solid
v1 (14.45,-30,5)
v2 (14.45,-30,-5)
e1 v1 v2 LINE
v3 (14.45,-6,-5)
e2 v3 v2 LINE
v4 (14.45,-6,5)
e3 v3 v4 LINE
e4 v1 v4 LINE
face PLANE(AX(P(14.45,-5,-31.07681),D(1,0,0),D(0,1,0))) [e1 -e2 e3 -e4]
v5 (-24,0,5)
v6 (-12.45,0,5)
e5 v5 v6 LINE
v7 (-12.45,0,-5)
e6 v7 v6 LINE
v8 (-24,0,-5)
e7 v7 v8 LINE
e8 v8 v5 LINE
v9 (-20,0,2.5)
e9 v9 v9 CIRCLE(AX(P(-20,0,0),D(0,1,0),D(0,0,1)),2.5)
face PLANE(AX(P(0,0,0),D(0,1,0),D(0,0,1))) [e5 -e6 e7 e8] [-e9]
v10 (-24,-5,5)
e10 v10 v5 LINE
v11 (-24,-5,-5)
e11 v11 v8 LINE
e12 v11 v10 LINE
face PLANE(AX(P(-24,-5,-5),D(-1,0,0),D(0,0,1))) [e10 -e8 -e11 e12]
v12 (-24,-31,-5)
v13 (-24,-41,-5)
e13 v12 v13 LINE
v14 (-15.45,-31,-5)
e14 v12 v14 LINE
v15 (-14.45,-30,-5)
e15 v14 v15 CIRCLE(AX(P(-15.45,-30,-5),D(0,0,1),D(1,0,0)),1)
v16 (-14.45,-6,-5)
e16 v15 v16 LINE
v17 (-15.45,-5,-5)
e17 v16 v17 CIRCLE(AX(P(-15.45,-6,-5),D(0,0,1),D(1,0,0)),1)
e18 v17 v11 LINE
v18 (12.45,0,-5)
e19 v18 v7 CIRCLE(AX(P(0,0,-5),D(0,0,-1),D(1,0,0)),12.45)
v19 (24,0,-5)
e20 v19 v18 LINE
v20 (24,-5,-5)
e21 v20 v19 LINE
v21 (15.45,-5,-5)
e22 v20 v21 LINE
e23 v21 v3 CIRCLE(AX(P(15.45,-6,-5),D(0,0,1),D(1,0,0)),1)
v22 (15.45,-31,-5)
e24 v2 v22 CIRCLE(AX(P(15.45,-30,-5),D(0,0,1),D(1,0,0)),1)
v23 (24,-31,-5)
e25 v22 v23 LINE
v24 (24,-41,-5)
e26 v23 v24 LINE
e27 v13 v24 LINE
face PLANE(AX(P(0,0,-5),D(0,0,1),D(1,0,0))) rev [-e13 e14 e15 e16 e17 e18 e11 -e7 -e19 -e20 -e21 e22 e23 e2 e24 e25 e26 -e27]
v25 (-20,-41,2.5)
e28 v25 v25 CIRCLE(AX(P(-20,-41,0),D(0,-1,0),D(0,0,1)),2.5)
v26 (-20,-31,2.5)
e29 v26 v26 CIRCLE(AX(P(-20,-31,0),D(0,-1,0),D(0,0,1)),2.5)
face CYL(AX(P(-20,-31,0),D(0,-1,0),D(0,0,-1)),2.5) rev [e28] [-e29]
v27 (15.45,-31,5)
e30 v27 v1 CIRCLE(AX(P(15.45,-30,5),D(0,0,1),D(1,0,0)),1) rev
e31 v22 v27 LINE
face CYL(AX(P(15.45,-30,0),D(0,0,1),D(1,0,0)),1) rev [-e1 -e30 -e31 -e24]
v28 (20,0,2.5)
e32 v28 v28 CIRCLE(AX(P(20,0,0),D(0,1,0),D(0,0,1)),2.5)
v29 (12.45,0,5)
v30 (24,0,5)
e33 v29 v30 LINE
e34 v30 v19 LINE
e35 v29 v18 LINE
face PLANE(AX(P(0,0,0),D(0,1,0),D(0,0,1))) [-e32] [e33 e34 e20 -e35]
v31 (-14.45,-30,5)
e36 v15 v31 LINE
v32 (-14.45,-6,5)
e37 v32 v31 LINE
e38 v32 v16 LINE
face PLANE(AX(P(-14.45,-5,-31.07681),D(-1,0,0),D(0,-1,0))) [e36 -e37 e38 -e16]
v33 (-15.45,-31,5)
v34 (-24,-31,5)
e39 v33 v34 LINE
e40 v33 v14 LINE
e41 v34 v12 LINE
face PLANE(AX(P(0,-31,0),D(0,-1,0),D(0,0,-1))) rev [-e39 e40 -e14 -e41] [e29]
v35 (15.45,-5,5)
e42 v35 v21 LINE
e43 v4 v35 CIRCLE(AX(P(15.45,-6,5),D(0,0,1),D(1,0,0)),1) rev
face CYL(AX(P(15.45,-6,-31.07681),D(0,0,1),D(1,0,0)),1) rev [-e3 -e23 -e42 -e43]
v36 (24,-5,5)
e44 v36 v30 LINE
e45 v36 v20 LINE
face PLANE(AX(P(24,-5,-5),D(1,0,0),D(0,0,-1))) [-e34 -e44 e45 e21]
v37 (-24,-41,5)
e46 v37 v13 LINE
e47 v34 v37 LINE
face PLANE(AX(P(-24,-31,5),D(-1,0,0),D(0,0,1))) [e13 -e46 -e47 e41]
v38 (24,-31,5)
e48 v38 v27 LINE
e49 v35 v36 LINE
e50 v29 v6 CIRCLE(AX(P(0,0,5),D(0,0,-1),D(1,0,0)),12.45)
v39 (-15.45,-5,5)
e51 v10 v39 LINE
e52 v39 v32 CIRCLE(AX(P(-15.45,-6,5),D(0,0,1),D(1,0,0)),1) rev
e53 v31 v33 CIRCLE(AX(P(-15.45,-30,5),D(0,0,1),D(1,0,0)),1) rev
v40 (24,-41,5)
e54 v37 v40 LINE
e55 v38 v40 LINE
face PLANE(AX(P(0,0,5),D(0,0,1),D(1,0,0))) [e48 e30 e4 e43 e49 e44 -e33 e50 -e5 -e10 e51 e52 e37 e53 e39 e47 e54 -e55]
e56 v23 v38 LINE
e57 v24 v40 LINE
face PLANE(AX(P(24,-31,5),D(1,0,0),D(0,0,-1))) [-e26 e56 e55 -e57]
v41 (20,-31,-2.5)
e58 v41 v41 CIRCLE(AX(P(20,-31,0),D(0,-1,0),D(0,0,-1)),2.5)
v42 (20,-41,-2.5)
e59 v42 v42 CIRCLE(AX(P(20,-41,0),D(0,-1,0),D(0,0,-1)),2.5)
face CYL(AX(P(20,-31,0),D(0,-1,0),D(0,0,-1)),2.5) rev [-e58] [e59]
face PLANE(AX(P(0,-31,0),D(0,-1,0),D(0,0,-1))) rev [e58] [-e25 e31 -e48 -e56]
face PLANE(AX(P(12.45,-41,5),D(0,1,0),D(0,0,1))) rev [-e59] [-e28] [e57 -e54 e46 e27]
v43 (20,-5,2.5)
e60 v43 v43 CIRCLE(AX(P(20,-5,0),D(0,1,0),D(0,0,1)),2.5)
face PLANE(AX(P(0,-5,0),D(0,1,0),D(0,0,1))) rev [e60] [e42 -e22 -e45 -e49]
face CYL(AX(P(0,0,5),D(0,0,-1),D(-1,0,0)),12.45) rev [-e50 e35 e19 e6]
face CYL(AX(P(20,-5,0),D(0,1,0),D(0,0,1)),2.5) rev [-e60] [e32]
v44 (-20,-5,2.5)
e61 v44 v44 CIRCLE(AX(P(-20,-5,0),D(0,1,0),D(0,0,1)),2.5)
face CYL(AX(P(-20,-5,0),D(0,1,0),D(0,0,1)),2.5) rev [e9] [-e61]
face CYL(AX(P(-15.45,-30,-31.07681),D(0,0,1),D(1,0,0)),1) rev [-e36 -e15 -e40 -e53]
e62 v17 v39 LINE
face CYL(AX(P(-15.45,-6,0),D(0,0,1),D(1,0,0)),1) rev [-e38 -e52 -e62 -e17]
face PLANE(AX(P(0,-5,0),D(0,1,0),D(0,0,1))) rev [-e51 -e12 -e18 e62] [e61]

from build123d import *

# Parameters (mm, degrees)
EXTRUDE_1_DEPTH     = 5
SKETCH_3_W          = 48
SKETCH_3_H          = 10
SKETCH_3_R          = 2.5
EXTRUDE_2_DEPTH     = 10
EXTRUDE_START       = -5
SKETCH_4_W          = 48
SKETCH_4_H          = 10
SKETCH_4_R          = 2.5
EXTRUDE_3_DEPTH     = 5
SKETCH_5_W          = 2
SKETCH_5_H          = 26
EXTRUDE_4_DEPTH     = 10
SKETCH_6_R          = 12.45
CUT_EXTRUDE_1_DEPTH = 16
FILLET_2_R          = 1
FILLET_3_R          = 1


with BuildPart() as part:
    # 草图1 → 凸台-拉伸1 (new, symmetric)
    with BuildSketch(Plane.XY):
        with BuildLine():
            Line((12.45, 0), (12.45, -41))
            Line((12.45, -41), (-12.45, -41))
            Line((-12.45, -41), (-12.45, 0))
            ThreePointArc((-12.45, 0), (0, -12.45), (12.45, 0))
        make_face()
    extrude(amount=EXTRUDE_1_DEPTH, both=True)

    # 草图3 → 凸台-拉伸2 (add)
    with BuildSketch(Plane.XZ.offset(41)):
        Rectangle(SKETCH_3_W, SKETCH_3_H)
        with Locations(Location((20, 0, 0), (0, 0, 270))):
            Circle(SKETCH_3_R, mode=Mode.SUBTRACT)
        with Locations(Location((-20, 0, 0), (0, 0, 90))):
            Circle(SKETCH_3_R, mode=Mode.SUBTRACT)
    extrude(amount=-EXTRUDE_2_DEPTH)

    # 草图4 → 凸台-拉伸3 (add)
    with BuildSketch(Plane(origin=(0, 0, 0), x_dir=(1, 0, 0), z_dir=(0, 1, 0)).offset(EXTRUDE_START)):
        Rectangle(SKETCH_4_W, SKETCH_4_H)
        with Locations(Location((-20, 0, 0), (0, 0, 270))):
            Circle(SKETCH_4_R, mode=Mode.SUBTRACT)
        with Locations(Location((20, 0, 0), (0, 0, 90))):
            Circle(SKETCH_4_R, mode=Mode.SUBTRACT)
    extrude(amount=EXTRUDE_3_DEPTH)

    # 草图5 → 凸台-拉伸4 (add)
    with BuildSketch(Plane.XY.offset(5)):
        with Locations((-13.45, -18)):
            Rectangle(SKETCH_5_W, SKETCH_5_H)
        with Locations((13.45, -18)):
            Rectangle(SKETCH_5_W, SKETCH_5_H)
    extrude(amount=-EXTRUDE_4_DEPTH)

    # 草图6 → 切除-拉伸1 (cut)
    with BuildSketch(Plane.XY.offset(5)):
        Circle(SKETCH_6_R)
    extrude(amount=-CUT_EXTRUDE_1_DEPTH, mode=Mode.SUBTRACT)

    # 圆角2
    fillet_2_edges = [part.edges().sort_by_distance(p)[0] for p in [
        (-14.45, -31, 0),
        (14.45, -31, 0),
    ]]
    fillet(fillet_2_edges, radius=FILLET_2_R)

    # 圆角3
    fillet_3_edges = [part.edges().sort_by_distance(p)[0] for p in [
        (-14.45, -5, 0),
        (14.45, -5, 0),
    ]]
    fillet(fillet_3_edges, radius=FILLET_3_R)


solid = part.part
